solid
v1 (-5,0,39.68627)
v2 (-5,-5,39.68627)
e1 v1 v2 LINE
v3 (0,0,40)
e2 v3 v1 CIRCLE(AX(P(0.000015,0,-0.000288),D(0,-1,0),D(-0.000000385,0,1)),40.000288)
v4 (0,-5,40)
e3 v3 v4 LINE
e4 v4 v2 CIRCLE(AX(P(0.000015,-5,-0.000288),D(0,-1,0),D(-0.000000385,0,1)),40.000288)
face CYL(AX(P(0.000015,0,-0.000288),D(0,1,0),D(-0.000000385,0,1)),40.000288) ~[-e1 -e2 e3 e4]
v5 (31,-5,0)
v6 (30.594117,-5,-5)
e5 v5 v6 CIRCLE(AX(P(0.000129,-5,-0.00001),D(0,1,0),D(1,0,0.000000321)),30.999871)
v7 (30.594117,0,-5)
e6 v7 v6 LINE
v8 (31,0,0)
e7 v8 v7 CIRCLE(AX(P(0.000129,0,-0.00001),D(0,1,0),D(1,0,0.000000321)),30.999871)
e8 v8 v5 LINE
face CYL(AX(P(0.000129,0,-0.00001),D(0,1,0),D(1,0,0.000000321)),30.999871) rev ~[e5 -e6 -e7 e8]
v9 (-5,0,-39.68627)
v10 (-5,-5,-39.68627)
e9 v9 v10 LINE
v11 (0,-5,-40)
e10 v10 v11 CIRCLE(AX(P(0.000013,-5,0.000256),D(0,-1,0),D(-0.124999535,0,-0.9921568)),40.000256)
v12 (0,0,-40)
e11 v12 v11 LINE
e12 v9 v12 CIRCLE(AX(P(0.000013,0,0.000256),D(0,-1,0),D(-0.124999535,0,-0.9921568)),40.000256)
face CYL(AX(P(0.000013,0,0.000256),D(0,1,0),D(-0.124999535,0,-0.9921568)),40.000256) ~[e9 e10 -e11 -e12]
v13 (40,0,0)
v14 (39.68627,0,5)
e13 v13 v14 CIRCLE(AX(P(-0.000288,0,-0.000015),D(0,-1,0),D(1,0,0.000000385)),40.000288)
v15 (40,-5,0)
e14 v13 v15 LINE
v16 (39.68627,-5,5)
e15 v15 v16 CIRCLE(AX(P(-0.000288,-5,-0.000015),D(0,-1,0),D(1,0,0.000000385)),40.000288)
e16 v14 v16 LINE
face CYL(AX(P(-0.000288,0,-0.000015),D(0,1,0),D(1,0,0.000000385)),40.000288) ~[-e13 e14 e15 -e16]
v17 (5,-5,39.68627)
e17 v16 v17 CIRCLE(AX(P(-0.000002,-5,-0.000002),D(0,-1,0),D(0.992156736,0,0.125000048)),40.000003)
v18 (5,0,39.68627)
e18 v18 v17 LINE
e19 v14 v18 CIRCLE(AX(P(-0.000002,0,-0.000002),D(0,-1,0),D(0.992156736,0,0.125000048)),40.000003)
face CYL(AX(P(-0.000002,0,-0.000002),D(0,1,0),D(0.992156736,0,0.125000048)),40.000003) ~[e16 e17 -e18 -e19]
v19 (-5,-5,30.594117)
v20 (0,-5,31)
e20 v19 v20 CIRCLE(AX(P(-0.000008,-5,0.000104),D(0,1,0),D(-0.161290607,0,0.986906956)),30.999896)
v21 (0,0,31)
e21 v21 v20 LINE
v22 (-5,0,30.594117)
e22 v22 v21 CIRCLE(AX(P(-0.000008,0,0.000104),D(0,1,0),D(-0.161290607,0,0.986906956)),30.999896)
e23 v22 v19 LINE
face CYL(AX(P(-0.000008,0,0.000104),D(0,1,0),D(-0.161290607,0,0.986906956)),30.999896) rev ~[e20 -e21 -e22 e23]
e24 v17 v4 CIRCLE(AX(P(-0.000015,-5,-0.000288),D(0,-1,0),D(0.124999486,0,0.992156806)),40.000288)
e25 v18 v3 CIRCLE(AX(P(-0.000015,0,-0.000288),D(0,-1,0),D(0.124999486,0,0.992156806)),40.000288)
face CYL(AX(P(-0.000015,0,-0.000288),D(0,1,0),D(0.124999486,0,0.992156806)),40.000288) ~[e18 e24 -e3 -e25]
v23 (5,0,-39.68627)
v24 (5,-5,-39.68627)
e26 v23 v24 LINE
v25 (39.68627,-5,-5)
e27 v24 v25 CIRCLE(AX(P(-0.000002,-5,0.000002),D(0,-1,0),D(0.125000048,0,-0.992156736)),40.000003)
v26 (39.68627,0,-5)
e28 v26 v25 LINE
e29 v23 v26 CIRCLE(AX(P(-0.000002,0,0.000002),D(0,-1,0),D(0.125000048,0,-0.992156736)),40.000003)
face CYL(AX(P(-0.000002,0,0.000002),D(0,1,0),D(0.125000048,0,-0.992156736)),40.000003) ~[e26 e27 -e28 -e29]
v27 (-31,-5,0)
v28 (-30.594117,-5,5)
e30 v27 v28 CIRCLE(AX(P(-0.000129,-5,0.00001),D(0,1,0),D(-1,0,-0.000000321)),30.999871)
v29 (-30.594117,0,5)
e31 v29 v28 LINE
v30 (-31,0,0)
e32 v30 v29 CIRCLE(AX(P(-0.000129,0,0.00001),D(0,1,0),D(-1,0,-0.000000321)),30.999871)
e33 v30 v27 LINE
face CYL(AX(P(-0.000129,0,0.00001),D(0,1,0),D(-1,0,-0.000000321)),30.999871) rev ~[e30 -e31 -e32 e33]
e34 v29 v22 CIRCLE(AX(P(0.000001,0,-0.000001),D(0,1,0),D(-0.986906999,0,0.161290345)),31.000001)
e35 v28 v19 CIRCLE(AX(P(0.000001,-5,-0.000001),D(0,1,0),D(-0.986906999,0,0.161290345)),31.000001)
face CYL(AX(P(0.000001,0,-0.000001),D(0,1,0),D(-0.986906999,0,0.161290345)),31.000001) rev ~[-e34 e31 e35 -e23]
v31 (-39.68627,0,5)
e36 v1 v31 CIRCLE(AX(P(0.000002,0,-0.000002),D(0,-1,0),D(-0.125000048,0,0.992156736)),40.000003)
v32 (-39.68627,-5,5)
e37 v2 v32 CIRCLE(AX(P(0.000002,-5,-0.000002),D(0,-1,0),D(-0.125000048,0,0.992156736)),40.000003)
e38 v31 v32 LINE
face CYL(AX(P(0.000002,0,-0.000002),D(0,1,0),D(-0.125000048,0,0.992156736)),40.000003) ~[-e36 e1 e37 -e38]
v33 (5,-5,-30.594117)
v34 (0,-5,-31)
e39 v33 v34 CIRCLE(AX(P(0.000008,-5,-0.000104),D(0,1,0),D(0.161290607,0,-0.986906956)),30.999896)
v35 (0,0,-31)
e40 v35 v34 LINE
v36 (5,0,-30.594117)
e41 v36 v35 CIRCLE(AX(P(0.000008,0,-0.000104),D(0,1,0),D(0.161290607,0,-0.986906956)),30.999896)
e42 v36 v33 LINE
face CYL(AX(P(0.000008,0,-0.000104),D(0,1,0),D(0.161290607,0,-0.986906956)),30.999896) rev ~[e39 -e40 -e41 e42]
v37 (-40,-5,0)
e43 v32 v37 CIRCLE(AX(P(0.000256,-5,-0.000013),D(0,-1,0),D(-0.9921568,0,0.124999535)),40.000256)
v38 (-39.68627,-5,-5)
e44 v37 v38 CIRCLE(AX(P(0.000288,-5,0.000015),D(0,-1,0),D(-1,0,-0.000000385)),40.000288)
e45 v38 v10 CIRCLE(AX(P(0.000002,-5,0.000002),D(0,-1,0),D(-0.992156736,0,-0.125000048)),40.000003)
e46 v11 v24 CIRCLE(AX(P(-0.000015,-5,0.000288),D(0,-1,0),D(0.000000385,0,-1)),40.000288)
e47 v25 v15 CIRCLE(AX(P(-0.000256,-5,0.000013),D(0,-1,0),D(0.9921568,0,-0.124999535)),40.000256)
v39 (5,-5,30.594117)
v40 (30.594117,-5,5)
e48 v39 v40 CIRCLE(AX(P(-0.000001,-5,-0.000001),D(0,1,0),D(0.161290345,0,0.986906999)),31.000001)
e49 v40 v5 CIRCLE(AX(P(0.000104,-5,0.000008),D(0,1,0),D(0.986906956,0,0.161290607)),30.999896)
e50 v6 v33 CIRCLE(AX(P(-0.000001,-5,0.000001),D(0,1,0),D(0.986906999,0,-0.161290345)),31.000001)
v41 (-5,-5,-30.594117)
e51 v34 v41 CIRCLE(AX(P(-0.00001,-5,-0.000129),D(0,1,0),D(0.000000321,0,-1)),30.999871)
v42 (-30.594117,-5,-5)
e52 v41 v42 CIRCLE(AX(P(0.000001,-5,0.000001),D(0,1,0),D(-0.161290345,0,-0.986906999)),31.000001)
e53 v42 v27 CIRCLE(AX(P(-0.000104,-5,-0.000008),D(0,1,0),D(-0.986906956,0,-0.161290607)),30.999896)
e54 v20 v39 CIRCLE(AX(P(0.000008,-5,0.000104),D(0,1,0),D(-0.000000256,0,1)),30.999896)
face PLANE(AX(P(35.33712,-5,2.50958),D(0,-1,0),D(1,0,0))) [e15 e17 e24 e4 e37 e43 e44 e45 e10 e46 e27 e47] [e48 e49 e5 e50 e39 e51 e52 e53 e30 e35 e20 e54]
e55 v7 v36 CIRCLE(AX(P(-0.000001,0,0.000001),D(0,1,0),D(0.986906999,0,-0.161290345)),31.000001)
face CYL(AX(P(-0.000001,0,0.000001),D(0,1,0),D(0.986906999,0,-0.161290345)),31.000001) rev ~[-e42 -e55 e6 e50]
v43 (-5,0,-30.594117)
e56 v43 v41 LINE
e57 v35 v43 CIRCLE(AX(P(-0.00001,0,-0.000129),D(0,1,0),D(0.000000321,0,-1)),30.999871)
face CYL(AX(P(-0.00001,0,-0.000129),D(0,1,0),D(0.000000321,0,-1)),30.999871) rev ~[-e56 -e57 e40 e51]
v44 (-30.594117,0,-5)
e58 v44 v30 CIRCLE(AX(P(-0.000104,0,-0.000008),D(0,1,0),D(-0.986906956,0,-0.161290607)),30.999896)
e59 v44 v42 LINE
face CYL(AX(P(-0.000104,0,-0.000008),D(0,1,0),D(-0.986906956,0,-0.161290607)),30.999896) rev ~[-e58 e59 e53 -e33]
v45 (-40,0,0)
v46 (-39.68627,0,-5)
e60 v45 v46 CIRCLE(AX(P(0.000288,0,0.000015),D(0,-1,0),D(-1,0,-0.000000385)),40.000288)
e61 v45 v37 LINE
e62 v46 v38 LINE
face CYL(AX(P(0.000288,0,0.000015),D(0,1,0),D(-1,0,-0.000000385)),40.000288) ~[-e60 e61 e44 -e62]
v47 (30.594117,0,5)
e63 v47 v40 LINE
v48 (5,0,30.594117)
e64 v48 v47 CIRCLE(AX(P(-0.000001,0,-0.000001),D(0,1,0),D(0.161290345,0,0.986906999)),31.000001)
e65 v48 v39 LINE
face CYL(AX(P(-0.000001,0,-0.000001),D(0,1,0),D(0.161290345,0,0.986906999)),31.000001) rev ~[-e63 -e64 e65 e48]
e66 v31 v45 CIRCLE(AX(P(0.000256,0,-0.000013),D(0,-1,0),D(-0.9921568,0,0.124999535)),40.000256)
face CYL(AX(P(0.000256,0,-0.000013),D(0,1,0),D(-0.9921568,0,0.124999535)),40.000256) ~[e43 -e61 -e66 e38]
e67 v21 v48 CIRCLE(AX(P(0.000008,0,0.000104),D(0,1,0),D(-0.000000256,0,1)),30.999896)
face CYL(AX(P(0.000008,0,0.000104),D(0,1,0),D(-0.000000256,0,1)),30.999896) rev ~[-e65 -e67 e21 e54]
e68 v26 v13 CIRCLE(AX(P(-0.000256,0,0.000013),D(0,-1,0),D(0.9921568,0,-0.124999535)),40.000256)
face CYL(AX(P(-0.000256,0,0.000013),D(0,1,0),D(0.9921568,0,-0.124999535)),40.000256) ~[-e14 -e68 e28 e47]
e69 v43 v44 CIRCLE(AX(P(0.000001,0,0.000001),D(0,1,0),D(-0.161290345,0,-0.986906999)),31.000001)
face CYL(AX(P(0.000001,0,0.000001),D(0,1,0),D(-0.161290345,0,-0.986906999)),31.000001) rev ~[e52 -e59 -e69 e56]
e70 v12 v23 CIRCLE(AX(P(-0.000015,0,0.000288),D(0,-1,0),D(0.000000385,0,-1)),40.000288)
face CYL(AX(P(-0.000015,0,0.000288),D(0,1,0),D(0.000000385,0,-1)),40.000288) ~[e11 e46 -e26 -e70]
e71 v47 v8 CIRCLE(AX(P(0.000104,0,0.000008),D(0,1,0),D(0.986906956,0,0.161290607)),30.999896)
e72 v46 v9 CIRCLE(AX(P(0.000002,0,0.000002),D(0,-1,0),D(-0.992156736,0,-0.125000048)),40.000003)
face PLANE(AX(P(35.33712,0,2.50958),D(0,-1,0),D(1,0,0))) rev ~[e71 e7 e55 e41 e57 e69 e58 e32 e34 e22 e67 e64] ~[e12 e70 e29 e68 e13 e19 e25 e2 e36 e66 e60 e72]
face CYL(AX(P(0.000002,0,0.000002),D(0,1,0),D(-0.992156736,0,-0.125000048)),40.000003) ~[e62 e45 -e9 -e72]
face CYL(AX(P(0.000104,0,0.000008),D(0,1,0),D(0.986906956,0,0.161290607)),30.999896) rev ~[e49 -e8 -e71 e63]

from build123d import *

# Parameters (mm, degrees)
F1_DEPTH = 5


with BuildPart() as f1:
    # F0 (on Front) → F1 (new body)
    with BuildSketch(Plane.XZ):
        with BuildLine():
            Line((31, 0), (40, 0))
            ThreePointArc((40, 0), (39.92149, 2.504916), (39.68627, 5))
            Line((39.68627, 5), (30.594117, 5))
            ThreePointArc((30.594117, 5), (30.898363, 2.508223), (31, 0))
        make_face()
        with BuildLine():
            ThreePointArc((39.68627, -5), (39.92149, -2.504917), (40, 0))
            Line((40, 0), (31, 0))
            ThreePointArc((31, 0), (30.898363, -2.508224), (30.594117, -5))
            Line((30.594117, -5), (39.68627, -5))
        make_face()
        with BuildLine():
            Line((30.594117, 5), (39.68627, 5))
            ThreePointArc((39.68627, 5), (28.284271, 28.284271), (5, 39.68627))
            Line((5, 39.68627), (5, 30.594117))
            ThreePointArc((5, 30.594117), (21.92031, 21.92031), (30.594117, 5))
        make_face()
        with BuildLine():
            ThreePointArc((5, -39.68627), (28.284271, -28.284271), (39.68627, -5))
            Line((39.68627, -5), (30.594117, -5))
            ThreePointArc((30.594117, -5), (21.92031, -21.92031), (5, -30.594117))
            Line((5, -30.594117), (5, -39.68627))
        make_face()
        with BuildLine():
            Line((5, 30.594117), (5, 39.68627))
            ThreePointArc((5, 39.68627), (2.504916, 39.92149), (0, 40))
            Line((0, 40), (0, 31))
            ThreePointArc((0, 31), (2.508223, 30.898363), (5, 30.594117))
        make_face()
        with BuildLine():
            ThreePointArc((0, -40), (2.504916, -39.92149), (5, -39.68627))
            Line((5, -39.68627), (5, -30.594117))
            ThreePointArc((5, -30.594117), (2.508223, -30.898363), (0, -31))
            Line((0, -31), (0, -40))
        make_face()
        with BuildLine():
            Line((0, 31), (0, 40))
            ThreePointArc((0, 40), (-2.504916, 39.92149), (-5, 39.68627))
            Line((-5, 39.68627), (-5, 30.594117))
            ThreePointArc((-5, 30.594117), (-2.508223, 30.898363), (0, 31))
        make_face()
        with BuildLine():
            ThreePointArc((-5, -39.68627), (-2.504917, -39.92149), (0, -40))
            Line((0, -40), (0, -31))
            ThreePointArc((0, -31), (-2.508224, -30.898363), (-5, -30.594117))
            Line((-5, -30.594117), (-5, -39.68627))
        make_face()
        with BuildLine():
            Line((-5, 30.594117), (-5, 39.68627))
            ThreePointArc((-5, 39.68627), (-28.284271, 28.284271), (-39.68627, 5))
            Line((-39.68627, 5), (-30.594117, 5))
            ThreePointArc((-30.594117, 5), (-21.92031, 21.92031), (-5, 30.594117))
        make_face()
        with BuildLine():
            ThreePointArc((-39.68627, -5), (-28.284271, -28.284271), (-5, -39.68627))
            Line((-5, -39.68627), (-5, -30.594117))
            ThreePointArc((-5, -30.594117), (-21.92031, -21.92031), (-30.594117, -5))
            Line((-30.594117, -5), (-39.68627, -5))
        make_face()
        with BuildLine():
            Line((-30.594117, 5), (-39.68627, 5))
            ThreePointArc((-39.68627, 5), (-39.92149, 2.504917), (-40, 0))
            Line((-40, 0), (-31, 0))
            ThreePointArc((-31, 0), (-30.898363, 2.508224), (-30.594117, 5))
        make_face()
        with BuildLine():
            ThreePointArc((-40, 0), (-39.92149, -2.504916), (-39.68627, -5))
            Line((-39.68627, -5), (-30.594117, -5))
            ThreePointArc((-30.594117, -5), (-30.898363, -2.508223), (-31, 0))
            Line((-31, 0), (-40, 0))
        make_face()
    extrude(amount=F1_DEPTH)


solid = f1.part
